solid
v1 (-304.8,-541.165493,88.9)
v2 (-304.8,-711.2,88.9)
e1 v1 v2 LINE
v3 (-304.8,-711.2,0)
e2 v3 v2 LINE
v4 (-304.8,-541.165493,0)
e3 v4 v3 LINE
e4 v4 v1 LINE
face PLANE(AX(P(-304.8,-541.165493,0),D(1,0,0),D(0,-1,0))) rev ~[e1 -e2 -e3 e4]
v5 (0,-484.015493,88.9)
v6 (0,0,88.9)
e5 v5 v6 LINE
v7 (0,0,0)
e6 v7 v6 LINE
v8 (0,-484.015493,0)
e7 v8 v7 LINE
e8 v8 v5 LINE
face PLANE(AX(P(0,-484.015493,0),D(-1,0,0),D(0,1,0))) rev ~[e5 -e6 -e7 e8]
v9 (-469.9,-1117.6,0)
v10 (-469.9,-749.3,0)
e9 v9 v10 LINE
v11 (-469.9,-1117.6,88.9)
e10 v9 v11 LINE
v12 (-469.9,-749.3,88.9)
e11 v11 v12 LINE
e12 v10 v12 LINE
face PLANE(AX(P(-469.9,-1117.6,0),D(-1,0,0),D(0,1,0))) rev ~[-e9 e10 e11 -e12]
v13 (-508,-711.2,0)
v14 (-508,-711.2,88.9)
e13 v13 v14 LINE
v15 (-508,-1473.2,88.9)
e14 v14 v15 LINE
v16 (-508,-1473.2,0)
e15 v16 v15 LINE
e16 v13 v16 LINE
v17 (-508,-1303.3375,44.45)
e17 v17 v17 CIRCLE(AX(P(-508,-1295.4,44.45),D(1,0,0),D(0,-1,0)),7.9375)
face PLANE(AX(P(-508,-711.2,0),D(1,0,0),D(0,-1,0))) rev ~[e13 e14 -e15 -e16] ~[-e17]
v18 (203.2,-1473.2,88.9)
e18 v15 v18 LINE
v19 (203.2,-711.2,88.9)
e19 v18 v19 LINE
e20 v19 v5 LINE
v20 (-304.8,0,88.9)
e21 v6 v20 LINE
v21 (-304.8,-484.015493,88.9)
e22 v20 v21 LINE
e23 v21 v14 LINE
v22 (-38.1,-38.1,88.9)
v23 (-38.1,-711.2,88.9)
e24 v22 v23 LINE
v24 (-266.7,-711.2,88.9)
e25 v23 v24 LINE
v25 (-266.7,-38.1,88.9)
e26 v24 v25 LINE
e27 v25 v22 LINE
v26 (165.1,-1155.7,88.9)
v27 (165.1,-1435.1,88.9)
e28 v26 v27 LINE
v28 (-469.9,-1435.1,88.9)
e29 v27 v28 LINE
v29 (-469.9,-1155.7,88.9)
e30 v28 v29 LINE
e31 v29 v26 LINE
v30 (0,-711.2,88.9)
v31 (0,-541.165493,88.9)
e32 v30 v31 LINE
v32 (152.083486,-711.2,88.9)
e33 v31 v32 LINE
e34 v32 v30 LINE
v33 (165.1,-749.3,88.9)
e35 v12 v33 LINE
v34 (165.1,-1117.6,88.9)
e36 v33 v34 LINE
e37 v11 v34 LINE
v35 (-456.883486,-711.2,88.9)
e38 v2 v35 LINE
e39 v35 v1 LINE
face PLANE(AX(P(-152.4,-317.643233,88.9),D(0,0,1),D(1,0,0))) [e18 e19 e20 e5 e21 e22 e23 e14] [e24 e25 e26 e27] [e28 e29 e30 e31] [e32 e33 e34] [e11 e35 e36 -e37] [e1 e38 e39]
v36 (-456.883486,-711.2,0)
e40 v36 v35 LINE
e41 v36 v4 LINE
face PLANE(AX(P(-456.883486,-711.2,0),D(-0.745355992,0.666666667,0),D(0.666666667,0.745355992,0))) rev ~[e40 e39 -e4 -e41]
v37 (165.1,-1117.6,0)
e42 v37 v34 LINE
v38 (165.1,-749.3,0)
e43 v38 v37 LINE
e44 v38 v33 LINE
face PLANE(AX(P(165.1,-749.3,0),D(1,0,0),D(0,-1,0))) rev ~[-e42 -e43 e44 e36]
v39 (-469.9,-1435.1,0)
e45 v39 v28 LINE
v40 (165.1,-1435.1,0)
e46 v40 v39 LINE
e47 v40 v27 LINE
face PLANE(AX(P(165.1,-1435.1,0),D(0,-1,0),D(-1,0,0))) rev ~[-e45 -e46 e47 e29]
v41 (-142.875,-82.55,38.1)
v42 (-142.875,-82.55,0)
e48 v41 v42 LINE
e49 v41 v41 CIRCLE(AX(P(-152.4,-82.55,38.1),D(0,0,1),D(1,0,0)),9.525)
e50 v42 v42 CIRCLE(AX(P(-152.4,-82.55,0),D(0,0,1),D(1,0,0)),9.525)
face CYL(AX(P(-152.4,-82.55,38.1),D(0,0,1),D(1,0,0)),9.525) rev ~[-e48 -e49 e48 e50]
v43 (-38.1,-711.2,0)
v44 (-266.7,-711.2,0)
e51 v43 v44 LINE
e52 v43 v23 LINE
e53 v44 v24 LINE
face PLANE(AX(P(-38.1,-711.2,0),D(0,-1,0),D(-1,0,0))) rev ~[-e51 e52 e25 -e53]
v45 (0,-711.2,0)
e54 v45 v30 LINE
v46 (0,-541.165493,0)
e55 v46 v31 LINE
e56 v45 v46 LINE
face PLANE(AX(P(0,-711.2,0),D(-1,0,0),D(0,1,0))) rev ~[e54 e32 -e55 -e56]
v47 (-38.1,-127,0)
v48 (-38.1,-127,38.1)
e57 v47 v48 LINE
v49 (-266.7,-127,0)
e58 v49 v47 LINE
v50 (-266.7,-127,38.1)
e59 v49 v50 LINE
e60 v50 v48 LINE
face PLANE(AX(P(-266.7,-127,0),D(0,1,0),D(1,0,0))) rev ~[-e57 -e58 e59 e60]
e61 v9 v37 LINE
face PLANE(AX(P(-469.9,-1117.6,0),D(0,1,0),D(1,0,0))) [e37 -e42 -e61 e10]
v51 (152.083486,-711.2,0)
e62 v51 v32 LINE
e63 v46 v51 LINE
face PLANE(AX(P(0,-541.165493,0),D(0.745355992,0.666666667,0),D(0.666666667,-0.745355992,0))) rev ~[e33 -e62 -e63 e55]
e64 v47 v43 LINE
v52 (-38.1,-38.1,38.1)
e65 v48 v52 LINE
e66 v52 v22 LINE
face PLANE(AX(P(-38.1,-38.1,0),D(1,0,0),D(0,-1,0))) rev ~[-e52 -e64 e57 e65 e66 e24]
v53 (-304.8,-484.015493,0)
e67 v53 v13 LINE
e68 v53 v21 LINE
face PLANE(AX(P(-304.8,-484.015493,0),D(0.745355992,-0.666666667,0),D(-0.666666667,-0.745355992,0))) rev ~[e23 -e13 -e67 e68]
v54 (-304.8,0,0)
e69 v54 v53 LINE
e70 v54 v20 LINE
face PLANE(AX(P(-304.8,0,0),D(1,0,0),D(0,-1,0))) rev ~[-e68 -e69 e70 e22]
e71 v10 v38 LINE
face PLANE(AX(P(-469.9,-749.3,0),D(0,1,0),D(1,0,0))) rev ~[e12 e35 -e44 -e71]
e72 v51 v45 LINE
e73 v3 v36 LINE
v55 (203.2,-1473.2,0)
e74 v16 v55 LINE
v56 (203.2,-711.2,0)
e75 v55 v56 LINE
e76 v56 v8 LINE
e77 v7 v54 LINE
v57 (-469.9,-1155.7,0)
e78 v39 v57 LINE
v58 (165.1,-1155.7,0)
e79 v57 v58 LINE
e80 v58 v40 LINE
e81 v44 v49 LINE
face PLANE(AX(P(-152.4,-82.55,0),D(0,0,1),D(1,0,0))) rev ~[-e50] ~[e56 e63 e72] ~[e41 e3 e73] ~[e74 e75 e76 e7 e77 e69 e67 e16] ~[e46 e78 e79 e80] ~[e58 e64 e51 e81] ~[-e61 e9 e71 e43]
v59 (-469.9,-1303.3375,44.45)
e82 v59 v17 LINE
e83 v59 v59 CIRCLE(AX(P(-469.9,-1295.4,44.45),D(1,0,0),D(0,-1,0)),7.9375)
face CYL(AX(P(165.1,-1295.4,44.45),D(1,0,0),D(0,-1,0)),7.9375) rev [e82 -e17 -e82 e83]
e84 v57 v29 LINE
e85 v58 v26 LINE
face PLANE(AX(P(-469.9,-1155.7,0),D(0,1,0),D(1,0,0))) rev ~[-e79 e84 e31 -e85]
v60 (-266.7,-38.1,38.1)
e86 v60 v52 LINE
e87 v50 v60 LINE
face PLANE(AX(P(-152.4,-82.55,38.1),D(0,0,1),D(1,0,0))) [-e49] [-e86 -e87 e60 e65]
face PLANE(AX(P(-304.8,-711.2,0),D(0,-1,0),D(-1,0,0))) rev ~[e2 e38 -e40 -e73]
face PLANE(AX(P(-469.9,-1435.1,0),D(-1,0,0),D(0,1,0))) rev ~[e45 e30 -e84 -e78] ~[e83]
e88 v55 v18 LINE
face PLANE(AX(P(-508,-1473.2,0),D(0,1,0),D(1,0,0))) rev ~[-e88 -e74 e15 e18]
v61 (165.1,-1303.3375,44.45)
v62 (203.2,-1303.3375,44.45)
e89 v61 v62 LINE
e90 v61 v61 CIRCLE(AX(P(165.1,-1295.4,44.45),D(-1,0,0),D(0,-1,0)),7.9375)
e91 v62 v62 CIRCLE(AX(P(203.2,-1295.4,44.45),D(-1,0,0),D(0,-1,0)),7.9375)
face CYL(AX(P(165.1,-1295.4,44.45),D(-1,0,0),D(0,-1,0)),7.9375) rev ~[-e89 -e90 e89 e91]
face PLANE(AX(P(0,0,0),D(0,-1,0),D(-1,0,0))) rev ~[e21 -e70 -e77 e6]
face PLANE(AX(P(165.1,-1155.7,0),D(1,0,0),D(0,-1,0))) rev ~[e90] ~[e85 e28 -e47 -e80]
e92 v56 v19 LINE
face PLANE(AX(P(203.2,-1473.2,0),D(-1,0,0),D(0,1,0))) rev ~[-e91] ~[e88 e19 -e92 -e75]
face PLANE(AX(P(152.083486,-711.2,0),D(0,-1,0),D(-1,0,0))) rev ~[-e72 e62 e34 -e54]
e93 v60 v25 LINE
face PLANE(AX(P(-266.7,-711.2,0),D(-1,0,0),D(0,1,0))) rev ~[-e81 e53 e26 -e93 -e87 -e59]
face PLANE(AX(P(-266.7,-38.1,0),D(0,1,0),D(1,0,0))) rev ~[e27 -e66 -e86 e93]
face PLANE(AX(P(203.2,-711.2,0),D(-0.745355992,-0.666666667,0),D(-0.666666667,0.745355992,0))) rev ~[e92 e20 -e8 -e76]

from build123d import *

# Parameters (mm, degrees)
F0_W          = 635
F0_H          = 38.1
F0_W_2        = 38.1
F1_DEPTH      = 88.9
F0_W_3        = 228.6
F0_H_2        = 88.9
F2_DEPTH      = 38.1
F3_R          = 9.525
F4_DEPTH      = 38.101
F5_R          = 7.9375
F6_DEPTH      = 673.101
F6_DEPTH_BACK = 38.101


with BuildPart() as f1:
    # F0 (on Top) → F1 (new body)
    with BuildSketch(Plane.XY):
        Polygon((0, -484.015493486), (0, 0), (-304.8, 0), (-304.8, -484.015493486), (-304.8, -541.165493486), (-304.8, -711.2), (-266.7, -711.2), (-266.7, -127), (-266.7, -38.1), (-38.1, -38.1), (-38.1, -127), (-38.1, -711.2), (0, -711.2), (0, -541.165493486), align=None)
        Polygon((-304.8, -541.165493486), (-304.8, -484.015493486), (-508, -711.2), (-456.8834860344, -711.2), align=None)
        Polygon((203.2, -711.2), (0, -484.015493486), (0, -541.165493486), (152.0834860344, -711.2), align=None)
        Polygon((203.2, -1117.6), (203.2, -711.2), (152.0834860344, -711.2), (0, -711.2), (-38.1, -711.2), (-152.4, -711.2), (-266.7, -711.2), (-304.8, -711.2), (-456.8834860344, -711.2), (-508, -711.2), (-508, -1117.6), (-469.9, -1117.6), (-469.9, -749.3), (165.1, -749.3), (165.1, -1117.6), align=None)
        with Locations((-152.4, -1136.65)):
            Rectangle(F0_W, F0_H)
        with Locations((184.15, -1136.65)):
            Rectangle(F0_W_2, F0_H)
        Polygon((203.2, -1473.2), (203.2, -1155.7), (165.1, -1155.7), (165.1, -1435.1), (-469.9, -1435.1), (-469.9, -1155.7), (-508, -1155.7), (-508, -1473.2), align=None)
        with Locations((-488.95, -1136.65)):
            Rectangle(F0_W_2, F0_H)
    extrude(amount=F1_DEPTH)

    # F0 (on Top) → F2 (join)
    with BuildSketch(Plane.XY):
        with Locations((-152.4, -82.55)):
            Rectangle(F0_W_3, F0_H_2)
    extrude(amount=F2_DEPTH)

    # F3 (on face) → F4 (cut, through all)
    with BuildSketch(Plane.XY.offset(38.1)):
        with Locations((-152.4, -82.55)):
            Circle(F3_R)
    extrude(amount=-F4_DEPTH, mode=Mode.SUBTRACT)

    # F5 (on face) → F6 (cut, two sides)
    with BuildSketch(Plane(origin=(165.1, 0, 0), x_dir=(0, -1, 0), z_dir=(-1, 0, 0))) as f6_sk:
        with Locations((1295.4, 44.45)):
            Circle(F5_R)
    extrude(amount=F6_DEPTH, mode=Mode.SUBTRACT)
    extrude(f6_sk.sketch, amount=-F6_DEPTH_BACK, mode=Mode.SUBTRACT)


solid = f1.part
